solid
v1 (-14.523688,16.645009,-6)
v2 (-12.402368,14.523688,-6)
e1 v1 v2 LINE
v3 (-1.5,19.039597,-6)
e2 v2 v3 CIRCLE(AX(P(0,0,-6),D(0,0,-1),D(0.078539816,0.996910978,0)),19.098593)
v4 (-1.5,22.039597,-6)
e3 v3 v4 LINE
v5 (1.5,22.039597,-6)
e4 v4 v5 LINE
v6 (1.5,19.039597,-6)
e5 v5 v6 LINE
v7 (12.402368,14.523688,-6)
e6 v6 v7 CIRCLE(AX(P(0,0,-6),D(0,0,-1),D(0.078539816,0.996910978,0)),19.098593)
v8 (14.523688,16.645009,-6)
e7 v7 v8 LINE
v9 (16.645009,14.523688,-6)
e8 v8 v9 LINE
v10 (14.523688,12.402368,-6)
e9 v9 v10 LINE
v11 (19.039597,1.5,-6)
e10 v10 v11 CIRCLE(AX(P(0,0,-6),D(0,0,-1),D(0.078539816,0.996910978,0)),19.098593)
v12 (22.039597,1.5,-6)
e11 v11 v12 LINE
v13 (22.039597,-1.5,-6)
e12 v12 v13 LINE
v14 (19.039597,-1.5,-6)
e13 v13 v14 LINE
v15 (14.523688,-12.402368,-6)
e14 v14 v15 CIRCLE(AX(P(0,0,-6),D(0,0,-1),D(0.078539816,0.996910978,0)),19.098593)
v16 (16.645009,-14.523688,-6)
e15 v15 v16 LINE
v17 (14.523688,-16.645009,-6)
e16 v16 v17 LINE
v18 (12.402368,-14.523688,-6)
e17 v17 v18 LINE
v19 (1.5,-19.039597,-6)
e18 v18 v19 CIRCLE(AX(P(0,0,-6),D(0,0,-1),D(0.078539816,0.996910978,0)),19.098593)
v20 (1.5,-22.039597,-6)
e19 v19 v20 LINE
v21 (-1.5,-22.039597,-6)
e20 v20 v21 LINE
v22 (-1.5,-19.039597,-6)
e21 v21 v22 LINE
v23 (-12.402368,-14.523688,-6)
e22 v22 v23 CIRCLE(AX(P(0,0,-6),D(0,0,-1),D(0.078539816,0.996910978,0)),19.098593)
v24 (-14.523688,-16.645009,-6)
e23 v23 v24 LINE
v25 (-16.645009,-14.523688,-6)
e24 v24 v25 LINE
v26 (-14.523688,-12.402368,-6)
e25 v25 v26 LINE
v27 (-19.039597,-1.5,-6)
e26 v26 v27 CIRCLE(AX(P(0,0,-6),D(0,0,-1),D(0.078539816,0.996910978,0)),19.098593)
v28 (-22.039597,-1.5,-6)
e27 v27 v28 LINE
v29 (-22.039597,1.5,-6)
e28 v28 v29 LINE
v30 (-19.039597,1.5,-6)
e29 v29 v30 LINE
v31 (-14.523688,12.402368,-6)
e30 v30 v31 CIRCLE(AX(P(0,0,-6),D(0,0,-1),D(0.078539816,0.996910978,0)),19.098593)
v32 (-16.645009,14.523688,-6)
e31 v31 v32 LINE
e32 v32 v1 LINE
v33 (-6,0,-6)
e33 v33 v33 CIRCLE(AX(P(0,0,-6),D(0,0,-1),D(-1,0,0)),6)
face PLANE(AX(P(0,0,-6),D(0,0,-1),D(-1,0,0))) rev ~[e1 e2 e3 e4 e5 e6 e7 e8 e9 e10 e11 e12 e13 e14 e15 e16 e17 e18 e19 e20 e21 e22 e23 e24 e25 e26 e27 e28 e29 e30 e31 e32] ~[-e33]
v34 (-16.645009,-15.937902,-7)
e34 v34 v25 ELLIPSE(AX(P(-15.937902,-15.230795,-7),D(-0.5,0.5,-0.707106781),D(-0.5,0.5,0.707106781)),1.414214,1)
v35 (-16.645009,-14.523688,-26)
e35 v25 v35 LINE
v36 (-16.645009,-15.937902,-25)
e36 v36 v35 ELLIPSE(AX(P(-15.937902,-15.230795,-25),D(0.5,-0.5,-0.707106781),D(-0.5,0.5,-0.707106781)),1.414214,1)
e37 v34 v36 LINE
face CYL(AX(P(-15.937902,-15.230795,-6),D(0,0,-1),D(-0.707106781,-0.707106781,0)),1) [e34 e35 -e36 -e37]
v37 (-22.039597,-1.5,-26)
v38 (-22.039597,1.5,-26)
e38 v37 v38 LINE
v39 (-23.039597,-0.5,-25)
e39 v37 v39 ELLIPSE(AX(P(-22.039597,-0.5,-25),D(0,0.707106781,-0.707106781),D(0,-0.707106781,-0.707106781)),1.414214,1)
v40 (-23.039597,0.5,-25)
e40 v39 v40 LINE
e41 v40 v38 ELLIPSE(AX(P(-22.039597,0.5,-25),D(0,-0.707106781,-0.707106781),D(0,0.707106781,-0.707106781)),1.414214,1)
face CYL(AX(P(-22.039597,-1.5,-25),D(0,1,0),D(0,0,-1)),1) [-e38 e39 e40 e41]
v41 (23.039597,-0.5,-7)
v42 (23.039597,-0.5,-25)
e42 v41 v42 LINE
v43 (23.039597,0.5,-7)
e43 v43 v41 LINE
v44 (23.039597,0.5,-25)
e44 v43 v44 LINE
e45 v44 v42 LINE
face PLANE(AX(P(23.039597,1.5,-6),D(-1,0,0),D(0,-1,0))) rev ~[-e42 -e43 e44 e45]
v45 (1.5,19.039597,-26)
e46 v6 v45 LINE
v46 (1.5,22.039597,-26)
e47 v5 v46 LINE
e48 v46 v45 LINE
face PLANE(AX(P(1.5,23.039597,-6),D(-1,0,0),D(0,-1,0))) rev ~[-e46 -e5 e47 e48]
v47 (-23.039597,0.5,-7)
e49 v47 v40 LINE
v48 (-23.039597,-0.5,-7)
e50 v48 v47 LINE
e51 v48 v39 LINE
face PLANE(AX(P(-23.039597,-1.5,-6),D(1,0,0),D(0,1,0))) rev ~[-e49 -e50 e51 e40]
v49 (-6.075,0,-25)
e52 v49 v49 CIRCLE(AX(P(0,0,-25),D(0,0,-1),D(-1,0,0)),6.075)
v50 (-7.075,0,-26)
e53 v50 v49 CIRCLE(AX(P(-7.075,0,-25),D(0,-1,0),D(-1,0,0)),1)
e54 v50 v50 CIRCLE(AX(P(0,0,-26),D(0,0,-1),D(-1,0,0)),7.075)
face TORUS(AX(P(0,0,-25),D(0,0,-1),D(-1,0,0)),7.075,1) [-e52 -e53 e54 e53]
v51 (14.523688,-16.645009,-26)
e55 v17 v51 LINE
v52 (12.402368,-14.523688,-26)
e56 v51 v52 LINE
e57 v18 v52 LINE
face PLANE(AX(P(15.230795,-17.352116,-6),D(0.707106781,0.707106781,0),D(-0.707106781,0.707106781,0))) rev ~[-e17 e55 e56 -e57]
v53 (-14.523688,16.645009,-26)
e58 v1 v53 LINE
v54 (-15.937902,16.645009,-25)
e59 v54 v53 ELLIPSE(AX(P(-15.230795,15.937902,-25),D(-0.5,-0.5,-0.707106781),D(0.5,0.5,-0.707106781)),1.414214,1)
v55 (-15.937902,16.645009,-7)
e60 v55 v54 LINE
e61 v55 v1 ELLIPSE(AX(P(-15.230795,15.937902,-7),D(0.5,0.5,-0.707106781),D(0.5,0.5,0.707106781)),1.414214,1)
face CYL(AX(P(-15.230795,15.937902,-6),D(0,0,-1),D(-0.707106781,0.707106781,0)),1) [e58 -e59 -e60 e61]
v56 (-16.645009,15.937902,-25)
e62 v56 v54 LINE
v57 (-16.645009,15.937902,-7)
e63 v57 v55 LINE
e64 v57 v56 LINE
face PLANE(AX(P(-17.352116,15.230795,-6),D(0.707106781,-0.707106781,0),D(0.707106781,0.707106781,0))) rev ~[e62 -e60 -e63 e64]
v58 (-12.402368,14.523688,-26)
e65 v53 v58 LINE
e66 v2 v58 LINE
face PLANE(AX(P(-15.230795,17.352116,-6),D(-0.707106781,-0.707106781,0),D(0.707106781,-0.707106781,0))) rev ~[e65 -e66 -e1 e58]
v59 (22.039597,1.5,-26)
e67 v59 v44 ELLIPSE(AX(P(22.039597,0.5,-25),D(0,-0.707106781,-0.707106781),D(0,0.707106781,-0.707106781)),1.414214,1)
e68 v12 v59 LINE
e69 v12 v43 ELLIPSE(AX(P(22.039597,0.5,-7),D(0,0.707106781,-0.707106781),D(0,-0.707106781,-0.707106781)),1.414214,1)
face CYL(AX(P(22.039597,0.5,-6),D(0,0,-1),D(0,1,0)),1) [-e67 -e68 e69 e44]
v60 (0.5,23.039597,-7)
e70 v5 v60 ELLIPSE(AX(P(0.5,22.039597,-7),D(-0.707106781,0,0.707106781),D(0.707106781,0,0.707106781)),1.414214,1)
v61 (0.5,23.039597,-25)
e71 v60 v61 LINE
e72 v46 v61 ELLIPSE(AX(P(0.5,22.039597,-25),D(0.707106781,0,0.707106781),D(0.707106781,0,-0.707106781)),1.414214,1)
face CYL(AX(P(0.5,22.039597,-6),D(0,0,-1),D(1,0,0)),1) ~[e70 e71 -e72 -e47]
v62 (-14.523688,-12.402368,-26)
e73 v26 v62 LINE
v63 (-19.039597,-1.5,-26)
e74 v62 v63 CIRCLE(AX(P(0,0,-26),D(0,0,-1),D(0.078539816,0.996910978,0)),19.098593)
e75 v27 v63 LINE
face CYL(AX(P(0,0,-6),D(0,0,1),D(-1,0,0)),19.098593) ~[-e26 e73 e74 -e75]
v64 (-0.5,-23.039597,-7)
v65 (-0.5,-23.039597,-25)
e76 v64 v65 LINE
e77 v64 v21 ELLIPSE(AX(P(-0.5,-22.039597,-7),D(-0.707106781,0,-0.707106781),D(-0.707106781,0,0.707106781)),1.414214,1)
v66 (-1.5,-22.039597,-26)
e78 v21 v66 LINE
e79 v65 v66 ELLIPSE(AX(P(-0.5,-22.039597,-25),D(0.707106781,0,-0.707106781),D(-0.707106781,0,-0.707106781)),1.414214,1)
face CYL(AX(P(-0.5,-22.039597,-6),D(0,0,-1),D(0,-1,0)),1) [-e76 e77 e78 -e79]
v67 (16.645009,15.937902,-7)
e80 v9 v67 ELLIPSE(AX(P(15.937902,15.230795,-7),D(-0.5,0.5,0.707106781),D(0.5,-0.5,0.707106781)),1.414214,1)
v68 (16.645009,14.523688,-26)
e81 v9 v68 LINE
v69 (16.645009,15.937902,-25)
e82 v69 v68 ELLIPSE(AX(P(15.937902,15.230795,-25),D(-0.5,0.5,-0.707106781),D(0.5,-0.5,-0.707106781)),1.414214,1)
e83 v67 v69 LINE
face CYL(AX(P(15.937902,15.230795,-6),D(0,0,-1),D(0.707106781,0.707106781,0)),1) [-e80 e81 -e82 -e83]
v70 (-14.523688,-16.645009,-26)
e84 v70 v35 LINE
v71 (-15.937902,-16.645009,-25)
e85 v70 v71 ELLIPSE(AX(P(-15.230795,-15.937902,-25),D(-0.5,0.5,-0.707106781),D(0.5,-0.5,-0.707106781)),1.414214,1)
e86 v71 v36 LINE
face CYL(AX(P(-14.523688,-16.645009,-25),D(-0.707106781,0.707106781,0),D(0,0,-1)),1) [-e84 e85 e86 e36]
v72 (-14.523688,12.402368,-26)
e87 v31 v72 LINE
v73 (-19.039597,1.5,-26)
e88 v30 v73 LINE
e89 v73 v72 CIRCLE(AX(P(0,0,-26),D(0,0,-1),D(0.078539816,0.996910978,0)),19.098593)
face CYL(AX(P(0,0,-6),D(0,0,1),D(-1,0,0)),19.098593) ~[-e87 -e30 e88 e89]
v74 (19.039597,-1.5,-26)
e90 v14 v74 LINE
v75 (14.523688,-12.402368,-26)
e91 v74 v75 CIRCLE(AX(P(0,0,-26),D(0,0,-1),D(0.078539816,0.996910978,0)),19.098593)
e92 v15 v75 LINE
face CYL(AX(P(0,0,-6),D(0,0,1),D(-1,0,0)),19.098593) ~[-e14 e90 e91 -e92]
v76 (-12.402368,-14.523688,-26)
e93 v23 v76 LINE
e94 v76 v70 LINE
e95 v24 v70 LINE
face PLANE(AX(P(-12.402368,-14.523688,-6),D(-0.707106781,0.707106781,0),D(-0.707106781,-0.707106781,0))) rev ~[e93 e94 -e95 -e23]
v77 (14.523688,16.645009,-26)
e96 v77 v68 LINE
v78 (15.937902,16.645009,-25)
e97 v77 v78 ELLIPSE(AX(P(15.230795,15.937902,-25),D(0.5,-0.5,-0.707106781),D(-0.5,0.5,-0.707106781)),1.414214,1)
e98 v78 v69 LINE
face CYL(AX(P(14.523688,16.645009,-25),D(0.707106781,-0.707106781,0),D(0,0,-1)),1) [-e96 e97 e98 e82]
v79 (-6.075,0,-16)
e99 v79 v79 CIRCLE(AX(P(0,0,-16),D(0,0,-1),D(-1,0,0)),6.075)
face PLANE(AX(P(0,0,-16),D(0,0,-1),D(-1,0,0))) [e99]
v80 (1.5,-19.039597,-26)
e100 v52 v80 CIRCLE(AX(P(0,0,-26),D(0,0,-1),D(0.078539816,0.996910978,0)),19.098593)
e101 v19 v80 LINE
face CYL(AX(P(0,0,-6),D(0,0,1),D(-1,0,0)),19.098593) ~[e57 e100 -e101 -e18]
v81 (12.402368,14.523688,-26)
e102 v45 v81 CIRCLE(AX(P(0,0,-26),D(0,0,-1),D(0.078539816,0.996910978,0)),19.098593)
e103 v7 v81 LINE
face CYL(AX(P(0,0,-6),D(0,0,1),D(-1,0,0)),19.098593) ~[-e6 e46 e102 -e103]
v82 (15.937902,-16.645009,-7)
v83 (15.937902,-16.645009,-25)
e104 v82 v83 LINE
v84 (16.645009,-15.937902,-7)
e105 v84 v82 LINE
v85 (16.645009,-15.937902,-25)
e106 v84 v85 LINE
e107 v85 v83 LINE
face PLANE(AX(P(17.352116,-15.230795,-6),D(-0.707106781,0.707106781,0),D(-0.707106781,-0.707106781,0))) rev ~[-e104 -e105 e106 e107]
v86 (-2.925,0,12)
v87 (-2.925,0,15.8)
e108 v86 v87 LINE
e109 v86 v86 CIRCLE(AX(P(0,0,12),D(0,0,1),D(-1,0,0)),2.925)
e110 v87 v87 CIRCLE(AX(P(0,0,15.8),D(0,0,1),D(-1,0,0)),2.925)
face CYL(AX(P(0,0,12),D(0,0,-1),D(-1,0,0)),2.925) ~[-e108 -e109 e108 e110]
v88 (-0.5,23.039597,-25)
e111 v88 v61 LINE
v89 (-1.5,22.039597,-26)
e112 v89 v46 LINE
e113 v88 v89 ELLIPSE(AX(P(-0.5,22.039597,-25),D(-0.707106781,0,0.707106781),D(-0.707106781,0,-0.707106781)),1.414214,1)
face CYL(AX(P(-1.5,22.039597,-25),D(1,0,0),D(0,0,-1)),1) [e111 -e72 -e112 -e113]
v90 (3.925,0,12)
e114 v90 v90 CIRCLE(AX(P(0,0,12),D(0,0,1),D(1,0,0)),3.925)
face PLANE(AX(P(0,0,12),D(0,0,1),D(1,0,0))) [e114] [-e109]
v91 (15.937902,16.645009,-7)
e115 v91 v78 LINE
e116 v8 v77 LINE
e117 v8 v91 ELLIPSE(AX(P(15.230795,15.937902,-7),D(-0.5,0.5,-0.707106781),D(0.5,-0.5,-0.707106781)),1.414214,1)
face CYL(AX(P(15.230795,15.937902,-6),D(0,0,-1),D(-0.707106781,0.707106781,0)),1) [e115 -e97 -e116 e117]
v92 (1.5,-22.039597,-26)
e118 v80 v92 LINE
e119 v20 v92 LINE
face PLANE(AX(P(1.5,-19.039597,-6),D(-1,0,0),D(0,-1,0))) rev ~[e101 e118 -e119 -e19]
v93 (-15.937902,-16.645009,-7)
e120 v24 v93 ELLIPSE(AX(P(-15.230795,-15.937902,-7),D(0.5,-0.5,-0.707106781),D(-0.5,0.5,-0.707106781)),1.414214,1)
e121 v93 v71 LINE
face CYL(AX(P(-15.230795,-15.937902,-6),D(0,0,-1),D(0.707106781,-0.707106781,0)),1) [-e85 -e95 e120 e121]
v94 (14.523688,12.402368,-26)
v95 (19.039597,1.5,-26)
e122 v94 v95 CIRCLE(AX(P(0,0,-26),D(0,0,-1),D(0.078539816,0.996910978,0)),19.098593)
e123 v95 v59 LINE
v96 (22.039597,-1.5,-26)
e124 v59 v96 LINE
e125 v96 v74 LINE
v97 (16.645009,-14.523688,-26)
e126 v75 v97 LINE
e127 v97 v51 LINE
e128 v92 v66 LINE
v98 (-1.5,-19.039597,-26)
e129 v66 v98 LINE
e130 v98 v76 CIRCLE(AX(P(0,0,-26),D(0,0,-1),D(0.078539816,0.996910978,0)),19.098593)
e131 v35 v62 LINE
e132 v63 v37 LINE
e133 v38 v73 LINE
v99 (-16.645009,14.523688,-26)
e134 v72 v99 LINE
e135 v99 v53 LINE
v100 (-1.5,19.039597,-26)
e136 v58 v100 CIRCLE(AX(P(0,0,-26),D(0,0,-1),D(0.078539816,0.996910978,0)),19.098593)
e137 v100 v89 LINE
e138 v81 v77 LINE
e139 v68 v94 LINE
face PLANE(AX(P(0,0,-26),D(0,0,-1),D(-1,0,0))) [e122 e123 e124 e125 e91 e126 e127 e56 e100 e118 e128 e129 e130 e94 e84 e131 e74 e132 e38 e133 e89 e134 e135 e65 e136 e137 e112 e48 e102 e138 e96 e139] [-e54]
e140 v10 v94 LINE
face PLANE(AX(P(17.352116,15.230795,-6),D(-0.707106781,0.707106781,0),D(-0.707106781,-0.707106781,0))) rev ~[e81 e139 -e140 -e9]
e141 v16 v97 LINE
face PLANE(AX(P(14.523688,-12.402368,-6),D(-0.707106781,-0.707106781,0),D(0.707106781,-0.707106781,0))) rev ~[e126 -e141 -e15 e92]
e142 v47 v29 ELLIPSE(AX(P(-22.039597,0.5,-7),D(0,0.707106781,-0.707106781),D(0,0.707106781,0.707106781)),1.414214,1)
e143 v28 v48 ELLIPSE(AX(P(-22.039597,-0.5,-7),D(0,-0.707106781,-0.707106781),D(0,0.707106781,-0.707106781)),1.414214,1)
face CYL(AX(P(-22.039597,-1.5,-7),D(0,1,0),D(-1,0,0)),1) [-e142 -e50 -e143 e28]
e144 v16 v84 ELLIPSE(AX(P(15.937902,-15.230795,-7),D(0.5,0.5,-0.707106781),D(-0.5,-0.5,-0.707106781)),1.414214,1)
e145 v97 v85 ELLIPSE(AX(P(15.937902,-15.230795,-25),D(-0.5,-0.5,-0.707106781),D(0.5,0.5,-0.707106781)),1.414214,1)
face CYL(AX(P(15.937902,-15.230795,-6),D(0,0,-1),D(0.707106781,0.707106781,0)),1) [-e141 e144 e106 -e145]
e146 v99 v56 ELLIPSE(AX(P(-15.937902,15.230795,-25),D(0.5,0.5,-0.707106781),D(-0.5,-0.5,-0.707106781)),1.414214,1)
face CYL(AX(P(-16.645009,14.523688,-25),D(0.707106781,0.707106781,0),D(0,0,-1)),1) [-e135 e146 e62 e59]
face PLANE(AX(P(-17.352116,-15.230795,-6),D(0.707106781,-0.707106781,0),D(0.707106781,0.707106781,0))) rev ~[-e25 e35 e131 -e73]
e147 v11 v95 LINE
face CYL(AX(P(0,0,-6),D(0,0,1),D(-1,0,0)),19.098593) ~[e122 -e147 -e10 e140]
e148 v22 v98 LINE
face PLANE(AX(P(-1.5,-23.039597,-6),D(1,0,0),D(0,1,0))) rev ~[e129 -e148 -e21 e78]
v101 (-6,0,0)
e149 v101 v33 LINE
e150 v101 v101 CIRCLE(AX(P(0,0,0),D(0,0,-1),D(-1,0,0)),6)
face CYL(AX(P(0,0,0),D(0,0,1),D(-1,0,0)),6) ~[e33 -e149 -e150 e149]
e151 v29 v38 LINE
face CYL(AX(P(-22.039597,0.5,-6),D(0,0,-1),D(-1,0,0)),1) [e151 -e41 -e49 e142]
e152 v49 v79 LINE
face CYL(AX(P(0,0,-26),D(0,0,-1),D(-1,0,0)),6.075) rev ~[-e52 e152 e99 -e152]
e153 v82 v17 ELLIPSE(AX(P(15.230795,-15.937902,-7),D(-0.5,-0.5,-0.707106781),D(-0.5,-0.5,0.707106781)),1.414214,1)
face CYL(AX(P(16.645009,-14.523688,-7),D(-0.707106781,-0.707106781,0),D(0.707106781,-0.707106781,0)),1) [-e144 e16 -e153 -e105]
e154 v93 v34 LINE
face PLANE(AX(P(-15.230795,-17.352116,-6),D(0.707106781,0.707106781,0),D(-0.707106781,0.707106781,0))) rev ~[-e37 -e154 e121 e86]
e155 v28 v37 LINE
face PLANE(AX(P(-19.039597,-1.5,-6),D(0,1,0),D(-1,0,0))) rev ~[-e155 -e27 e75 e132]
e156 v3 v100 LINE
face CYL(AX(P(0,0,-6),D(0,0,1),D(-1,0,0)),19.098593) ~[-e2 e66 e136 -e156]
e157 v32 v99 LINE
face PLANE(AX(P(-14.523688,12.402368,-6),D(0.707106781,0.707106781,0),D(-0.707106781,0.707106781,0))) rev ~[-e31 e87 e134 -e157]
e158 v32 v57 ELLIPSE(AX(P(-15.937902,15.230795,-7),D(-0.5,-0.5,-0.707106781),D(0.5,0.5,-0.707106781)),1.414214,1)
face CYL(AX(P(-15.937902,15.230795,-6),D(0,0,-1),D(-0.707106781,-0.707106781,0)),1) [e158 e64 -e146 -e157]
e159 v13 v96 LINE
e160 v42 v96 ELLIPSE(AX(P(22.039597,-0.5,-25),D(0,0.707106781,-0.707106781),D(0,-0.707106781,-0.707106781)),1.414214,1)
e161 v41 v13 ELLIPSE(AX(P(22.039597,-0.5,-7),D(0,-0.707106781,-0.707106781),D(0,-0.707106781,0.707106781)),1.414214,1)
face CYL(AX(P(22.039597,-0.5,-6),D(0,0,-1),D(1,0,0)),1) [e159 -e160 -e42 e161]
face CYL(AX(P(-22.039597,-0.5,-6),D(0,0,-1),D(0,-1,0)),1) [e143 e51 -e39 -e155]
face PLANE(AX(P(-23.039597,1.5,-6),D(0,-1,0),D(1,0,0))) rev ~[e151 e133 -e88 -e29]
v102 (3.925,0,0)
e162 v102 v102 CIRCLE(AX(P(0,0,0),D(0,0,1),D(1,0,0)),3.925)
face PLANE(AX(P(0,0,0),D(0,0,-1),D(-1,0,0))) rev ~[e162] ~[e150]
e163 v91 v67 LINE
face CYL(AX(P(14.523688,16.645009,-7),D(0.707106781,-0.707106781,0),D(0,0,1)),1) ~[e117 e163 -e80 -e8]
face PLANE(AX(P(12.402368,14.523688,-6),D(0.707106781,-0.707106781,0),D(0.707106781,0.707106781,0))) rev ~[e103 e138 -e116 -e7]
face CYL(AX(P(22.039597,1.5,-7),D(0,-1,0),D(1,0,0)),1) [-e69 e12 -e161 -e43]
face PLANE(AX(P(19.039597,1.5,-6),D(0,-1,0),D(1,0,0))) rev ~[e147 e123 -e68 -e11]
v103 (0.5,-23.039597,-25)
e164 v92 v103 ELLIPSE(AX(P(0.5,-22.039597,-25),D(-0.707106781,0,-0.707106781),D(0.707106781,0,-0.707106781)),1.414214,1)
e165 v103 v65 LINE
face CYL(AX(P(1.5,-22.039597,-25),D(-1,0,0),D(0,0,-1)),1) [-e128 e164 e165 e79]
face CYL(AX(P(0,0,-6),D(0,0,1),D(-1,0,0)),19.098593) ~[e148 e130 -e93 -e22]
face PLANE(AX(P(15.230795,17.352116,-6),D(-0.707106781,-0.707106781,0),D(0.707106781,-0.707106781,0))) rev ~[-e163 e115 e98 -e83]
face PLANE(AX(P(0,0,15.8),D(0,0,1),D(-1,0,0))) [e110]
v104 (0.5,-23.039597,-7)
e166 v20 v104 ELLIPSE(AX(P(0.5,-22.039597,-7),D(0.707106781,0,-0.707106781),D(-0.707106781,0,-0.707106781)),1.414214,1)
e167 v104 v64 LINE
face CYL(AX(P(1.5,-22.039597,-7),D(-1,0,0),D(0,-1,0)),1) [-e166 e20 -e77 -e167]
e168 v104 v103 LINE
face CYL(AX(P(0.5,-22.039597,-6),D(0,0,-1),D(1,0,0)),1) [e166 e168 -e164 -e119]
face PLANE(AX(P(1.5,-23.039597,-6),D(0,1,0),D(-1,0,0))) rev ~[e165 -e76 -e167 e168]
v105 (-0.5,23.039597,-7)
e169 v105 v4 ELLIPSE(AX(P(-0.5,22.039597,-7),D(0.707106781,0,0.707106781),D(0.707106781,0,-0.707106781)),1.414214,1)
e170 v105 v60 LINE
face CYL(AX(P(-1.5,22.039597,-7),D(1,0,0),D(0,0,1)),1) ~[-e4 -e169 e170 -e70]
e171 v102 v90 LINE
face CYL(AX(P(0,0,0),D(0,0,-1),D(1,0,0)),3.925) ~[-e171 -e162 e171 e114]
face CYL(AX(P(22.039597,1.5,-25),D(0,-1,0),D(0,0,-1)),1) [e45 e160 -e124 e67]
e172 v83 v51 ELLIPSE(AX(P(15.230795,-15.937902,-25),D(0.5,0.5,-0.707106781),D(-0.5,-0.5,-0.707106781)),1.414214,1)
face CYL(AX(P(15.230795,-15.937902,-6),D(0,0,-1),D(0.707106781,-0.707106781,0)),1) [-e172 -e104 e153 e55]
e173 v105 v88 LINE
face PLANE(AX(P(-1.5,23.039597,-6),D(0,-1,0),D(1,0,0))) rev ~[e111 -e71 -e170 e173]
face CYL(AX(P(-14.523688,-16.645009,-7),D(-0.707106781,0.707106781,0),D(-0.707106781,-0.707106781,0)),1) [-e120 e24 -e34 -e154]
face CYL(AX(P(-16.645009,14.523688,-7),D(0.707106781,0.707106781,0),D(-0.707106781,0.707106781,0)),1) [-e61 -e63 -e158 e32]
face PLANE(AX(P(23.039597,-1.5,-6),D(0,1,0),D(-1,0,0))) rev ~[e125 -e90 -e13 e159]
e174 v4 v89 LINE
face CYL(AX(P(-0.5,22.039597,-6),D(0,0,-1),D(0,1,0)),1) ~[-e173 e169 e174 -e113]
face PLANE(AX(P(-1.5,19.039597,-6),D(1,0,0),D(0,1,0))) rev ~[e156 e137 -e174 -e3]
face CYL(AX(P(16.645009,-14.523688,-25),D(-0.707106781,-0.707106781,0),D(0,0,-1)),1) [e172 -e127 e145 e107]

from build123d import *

# Parameters (mm, degrees)
SKIZZE1_R                       = 3.925
AUFSATZ_LINEAR_AUSTRAGEN1_DEPTH = 12
SKIZZE2_R                       = 6
AUFSATZ_LINEAR_AUSTRAGEN2_DEPTH = 6
SKIZZE3_R                       = 19.098593171
AUFSATZ_LINEAR_AUSTRAGEN3_DEPTH = 20
SKIZZE4_R                       = 6.075
SCHNITT_LINEAR_AUSTRAGEN1_DEPTH = 10
VERRUNDUNG1_R                   = 1
AUFSATZ_LINEAR_START            = -20
AUFSATZ_LINEAR_AUSTRAGEN4_DEPTH = 20
VERRUNDUNG2_R                   = 1
KREISMUSTER1_COUNT              = 8
VERRUNDUNG2_OF_KREISMUSTER1_R   = 1
SKIZZE6_R                       = 2.925
AUFSATZ_LINEAR_AUSTRAGEN5_DEPTH = 3.8


with BuildPart() as part:
    # Skizze1 → Aufsatz-Linear austragen1 (new body)
    with BuildSketch(Plane.XY):
        Circle(SKIZZE1_R)
    extrude(amount=AUFSATZ_LINEAR_AUSTRAGEN1_DEPTH)

    # Skizze2 → Aufsatz-Linear austragen2 (add)
    with BuildSketch(Plane(origin=(0, 0, 0), x_dir=(-1, 0, 0), z_dir=(0, 0, -1))):
        Circle(SKIZZE2_R)
    extrude(amount=AUFSATZ_LINEAR_AUSTRAGEN2_DEPTH)

    # Skizze3 → Aufsatz-Linear austragen3 (add)
    with BuildSketch(Plane(origin=(0, 0, -6), x_dir=(-1, 0, 0), z_dir=(0, 0, -1))):
        Circle(SKIZZE3_R)
    extrude(amount=AUFSATZ_LINEAR_AUSTRAGEN3_DEPTH)

    # Skizze4 → Schnitt-Linear austragen1 (cut)
    with BuildSketch(Plane(origin=(0, 0, -26), x_dir=(-1, 0, 0), z_dir=(0, 0, -1))):
        Circle(SKIZZE4_R)
    extrude(amount=-SCHNITT_LINEAR_AUSTRAGEN1_DEPTH, mode=Mode.SUBTRACT)

    # Verrundung1
    verrundung1_edges = [part.edges().sort_by_distance(p)[0] for p in [
        (6.075, 0, -26),
    ]]
    fillet(verrundung1_edges, radius=VERRUNDUNG1_R)

    # Skizze5 → Aufsatz-Linear austragen4 (add)
    with BuildSketch(Plane(origin=(0, 0, -26), x_dir=(-1, 0, 0), z_dir=(0, 0, -1)).offset(AUFSATZ_LINEAR_START)):
        with BuildLine():
            Line((0, 23.039597189), (0, 19.098593171))
            ThreePointArc((0, 19.098593171), (0.750579863, 19.083838476), (1.5, 19.039597189))
            Line((1.5, 19.039597189), (1.5, 23.039597189))
            Line((1.5, 23.039597189), (0, 23.039597189))
        make_face()
        with BuildLine():
            ThreePointArc((-1.5, 19.039597189), (-0.750579863, 19.083838476), (0, 19.098593171))
            Line((0, 19.098593171), (0, 23.039597189))
            Line((0, 23.039597189), (-1.5, 23.039597189))
            Line((-1.5, 23.039597189), (-1.5, 19.039597189))
        make_face()
    aufsatz_linear_austragen4 = extrude(amount=AUFSATZ_LINEAR_AUSTRAGEN4_DEPTH)

    # Verrundung2
    verrundung2_edges = [part.edges().sort_by_distance(p)[0] for p in [
        (-1.5, 23.039597189, -16),
        (0, 23.039597189, -6),
        (1.5, 23.039597189, -16),
        (0, 23.039597189, -26),
    ]]
    fillet(verrundung2_edges, radius=VERRUNDUNG2_R)

    # Kreismuster1: Aufsatz-Linear austragen4 ×8 about axis
    kreismuster1_axis = Axis((0, 0, 0), (0, 0, 1))
    for i in range(1, KREISMUSTER1_COUNT):
        add(aufsatz_linear_austragen4.rotate(kreismuster1_axis, i * 360 / KREISMUSTER1_COUNT))

    # Verrundung2 of Kreismuster1
    verrundung2_of_kreismuster1_edges = [part.edges().sort_by_distance(p)[0] for p in [
        (-17.35211558, 15.230795236, -16),
        (-16.291455408, 16.291455408, -6),
        (-15.230795236, 17.35211558, -16),
        (-16.291455408, 16.291455408, -26),
        (-23.039597189, -1.5, -16),
        (-23.039597189, 0, -6),
        (-23.039597189, 1.5, -16),
        (-23.039597189, 0, -26),
        (-15.230795236, -17.35211558, -16),
        (-16.291455408, -16.291455408, -6),
        (-17.35211558, -15.230795236, -16),
        (-16.291455408, -16.291455408, -26),
        (1.5, -23.039597189, -16),
        (0, -23.039597189, -6),
        (-1.5, -23.039597189, -16),
        (0, -23.039597189, -26),
        (17.35211558, -15.230795236, -16),
        (16.291455408, -16.291455408, -6),
        (15.230795236, -17.35211558, -16),
        (16.291455408, -16.291455408, -26),
        (23.039597189, 1.5, -16),
        (23.039597189, 0, -6),
        (23.039597189, -1.5, -16),
        (23.039597189, 0, -26),
        (15.230795236, 17.35211558, -16),
        (16.291455408, 16.291455408, -6),
        (17.35211558, 15.230795236, -16),
        (16.291455408, 16.291455408, -26),
    ]]
    fillet(verrundung2_of_kreismuster1_edges, radius=VERRUNDUNG2_OF_KREISMUSTER1_R)

    # Skizze6 → Aufsatz-Linear austragen5 (add)
    with BuildSketch(Plane.XY.offset(12)):
        with Locations(Location((0, 0, 0), (0, 0, 180))):
            Circle(SKIZZE6_R)
    extrude(amount=AUFSATZ_LINEAR_AUSTRAGEN5_DEPTH)


solid = part.part
